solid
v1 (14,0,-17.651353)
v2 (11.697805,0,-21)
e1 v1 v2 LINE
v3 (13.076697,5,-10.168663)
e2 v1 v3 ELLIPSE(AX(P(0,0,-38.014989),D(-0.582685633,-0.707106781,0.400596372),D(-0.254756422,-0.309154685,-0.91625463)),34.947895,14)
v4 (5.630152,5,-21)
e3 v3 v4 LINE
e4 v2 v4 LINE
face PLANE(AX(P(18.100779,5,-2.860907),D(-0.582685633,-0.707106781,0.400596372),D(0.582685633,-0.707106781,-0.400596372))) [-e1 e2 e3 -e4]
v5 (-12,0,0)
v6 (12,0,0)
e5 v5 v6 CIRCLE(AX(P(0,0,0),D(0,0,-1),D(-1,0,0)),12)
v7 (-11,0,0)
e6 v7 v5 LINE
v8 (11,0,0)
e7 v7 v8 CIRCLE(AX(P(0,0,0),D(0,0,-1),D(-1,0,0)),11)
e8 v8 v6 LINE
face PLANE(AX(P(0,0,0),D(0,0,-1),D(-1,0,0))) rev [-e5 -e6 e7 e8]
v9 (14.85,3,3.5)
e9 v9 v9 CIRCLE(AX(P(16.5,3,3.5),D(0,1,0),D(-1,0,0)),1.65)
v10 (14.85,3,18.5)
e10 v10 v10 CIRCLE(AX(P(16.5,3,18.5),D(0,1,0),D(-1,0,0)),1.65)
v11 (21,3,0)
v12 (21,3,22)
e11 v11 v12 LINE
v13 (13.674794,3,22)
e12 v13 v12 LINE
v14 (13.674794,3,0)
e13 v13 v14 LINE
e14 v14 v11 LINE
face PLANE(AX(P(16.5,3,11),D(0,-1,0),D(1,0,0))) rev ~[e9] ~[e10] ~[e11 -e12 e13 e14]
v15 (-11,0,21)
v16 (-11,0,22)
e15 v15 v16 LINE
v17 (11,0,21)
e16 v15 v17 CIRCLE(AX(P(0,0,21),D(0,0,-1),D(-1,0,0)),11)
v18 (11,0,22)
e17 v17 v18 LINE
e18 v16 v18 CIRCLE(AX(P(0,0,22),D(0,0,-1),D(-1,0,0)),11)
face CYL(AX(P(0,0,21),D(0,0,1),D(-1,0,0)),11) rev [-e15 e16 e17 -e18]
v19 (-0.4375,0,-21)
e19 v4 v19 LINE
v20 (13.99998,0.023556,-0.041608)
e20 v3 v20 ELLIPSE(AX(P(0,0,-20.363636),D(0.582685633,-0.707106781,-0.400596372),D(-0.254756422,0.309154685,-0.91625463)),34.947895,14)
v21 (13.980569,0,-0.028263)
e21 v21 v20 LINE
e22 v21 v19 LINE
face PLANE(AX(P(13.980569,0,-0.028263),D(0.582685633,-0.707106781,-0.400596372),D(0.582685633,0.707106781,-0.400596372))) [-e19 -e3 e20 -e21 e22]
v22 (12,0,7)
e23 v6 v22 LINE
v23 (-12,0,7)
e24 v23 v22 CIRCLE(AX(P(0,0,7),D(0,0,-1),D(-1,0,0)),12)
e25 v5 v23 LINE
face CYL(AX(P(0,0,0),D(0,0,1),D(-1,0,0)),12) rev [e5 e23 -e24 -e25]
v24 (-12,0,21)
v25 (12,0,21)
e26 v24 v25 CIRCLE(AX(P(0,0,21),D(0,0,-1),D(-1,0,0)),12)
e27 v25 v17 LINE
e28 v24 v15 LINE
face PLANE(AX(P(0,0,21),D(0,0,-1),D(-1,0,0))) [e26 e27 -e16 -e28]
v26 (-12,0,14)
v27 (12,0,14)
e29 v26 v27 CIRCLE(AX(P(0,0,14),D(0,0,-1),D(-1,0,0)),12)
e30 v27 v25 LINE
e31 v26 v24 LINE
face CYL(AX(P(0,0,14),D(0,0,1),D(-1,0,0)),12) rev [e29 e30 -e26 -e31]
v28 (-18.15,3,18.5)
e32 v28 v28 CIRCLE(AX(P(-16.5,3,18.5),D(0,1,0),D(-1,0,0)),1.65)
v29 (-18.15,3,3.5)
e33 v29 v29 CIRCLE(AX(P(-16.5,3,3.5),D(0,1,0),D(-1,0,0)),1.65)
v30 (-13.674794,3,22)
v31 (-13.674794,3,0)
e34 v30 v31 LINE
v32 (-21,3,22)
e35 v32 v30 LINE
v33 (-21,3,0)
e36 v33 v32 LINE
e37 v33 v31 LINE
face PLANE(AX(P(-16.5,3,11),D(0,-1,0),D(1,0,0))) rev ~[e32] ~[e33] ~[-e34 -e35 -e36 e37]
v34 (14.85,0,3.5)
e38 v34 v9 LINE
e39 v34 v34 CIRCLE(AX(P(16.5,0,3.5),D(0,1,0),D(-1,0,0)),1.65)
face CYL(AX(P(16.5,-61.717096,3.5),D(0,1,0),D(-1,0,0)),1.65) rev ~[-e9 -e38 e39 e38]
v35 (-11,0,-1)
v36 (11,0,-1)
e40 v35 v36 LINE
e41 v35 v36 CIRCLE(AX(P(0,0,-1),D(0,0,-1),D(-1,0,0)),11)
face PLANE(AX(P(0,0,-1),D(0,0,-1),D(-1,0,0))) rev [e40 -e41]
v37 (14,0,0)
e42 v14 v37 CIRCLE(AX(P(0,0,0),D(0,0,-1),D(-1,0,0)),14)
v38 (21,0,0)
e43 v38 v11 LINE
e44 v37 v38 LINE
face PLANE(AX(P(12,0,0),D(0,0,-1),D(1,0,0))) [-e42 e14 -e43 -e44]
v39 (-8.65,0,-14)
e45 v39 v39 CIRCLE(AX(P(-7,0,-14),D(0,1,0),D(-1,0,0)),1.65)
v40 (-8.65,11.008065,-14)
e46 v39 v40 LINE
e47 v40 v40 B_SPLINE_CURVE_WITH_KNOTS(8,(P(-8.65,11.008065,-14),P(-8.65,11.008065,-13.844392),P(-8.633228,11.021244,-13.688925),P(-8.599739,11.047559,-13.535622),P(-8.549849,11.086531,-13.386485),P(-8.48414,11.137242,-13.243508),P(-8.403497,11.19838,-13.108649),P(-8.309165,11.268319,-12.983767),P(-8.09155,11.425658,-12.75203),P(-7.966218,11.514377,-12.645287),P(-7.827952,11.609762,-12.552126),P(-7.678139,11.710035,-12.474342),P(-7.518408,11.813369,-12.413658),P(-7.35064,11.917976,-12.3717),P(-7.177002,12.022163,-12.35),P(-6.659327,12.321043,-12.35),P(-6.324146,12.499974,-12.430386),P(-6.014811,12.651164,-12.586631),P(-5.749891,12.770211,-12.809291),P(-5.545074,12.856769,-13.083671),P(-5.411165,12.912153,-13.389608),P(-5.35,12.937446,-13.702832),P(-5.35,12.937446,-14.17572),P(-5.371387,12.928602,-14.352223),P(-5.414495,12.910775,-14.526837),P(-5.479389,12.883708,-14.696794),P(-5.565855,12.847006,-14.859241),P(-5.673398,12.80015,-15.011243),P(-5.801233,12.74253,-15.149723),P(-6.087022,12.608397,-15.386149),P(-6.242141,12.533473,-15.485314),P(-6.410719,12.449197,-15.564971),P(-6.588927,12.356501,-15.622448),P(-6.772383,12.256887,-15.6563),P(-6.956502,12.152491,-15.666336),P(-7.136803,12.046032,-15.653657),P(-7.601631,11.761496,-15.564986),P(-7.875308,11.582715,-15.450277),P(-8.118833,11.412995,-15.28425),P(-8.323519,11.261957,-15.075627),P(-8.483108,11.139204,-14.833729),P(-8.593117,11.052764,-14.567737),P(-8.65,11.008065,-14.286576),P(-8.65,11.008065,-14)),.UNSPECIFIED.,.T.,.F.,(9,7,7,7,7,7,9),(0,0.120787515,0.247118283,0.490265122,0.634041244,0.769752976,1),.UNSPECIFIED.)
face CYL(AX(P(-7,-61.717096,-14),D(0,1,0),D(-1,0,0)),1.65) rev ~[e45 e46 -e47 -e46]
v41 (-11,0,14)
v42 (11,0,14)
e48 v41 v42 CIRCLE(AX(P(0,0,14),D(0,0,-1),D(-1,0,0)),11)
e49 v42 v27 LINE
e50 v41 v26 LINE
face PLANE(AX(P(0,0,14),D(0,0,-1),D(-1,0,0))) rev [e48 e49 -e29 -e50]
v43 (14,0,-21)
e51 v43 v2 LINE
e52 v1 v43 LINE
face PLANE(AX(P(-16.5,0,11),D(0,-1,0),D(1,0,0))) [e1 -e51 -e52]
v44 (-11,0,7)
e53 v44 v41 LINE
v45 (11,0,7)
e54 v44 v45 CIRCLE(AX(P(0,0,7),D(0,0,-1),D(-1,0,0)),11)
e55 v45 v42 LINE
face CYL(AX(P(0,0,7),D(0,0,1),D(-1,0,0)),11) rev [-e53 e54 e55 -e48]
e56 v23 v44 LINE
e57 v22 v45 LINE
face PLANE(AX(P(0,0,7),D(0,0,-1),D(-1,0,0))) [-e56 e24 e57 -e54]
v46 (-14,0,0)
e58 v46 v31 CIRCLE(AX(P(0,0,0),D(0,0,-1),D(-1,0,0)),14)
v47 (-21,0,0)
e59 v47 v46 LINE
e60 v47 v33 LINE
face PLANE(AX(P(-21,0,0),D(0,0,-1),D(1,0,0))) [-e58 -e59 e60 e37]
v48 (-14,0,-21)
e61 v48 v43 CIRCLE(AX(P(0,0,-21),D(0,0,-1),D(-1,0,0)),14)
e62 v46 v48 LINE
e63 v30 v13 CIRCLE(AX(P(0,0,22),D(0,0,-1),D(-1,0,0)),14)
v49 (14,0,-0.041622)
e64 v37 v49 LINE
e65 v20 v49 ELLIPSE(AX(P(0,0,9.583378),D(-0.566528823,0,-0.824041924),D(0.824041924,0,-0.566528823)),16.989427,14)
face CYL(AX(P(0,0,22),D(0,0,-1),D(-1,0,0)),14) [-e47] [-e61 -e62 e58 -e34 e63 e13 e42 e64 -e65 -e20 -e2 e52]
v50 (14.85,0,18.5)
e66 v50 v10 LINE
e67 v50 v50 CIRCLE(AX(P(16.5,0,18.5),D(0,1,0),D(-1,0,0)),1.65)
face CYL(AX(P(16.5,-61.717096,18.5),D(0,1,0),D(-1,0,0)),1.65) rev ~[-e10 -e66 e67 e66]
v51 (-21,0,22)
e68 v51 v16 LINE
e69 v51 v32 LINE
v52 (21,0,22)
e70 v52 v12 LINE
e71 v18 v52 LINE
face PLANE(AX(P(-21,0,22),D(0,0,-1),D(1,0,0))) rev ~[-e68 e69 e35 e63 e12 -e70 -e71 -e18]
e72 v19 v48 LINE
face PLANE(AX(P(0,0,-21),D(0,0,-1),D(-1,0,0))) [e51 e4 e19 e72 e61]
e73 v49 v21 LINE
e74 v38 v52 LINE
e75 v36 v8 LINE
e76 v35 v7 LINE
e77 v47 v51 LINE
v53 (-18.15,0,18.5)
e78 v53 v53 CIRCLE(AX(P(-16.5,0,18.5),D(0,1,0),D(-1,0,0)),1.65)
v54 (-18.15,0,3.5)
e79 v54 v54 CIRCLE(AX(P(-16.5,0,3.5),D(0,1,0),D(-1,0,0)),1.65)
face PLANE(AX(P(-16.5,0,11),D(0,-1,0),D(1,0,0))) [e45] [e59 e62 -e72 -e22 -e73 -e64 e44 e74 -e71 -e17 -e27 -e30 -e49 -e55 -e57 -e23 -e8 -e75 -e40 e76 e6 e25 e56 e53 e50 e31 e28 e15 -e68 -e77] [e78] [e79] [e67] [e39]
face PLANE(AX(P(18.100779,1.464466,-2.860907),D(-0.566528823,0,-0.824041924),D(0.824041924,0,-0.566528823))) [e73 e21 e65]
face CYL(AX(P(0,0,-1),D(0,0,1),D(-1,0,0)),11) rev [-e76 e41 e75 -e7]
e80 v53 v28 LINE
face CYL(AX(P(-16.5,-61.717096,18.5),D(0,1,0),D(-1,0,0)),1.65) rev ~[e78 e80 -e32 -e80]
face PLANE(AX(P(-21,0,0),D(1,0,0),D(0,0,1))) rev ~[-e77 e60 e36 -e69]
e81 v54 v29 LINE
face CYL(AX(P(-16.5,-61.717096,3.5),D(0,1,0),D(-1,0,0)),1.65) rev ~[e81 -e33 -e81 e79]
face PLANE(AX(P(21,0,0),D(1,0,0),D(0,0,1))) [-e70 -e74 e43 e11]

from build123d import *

# Parameters (mm, degrees)
F1_ANGLE = 180
F2_W     = 9
F2_H     = 22
F3_DEPTH = 3
F4_D     = 3.3
F8_DEPTH = 30


with BuildPart() as f1:
    # F0 (on Front) → F1 (revolve)
    with BuildSketch(Plane.XZ):
        Polygon((-12, 21), (-11, 21), (-11, 22), (-14, 22), (-14, -21), (0, -21), (0, -1), (-11, -1), (-11, 0), (-12, 0), (-12, 7), (-11, 7), (-11, 14), (-12, 14), align=None)
    revolve(axis=Axis((0, 0, -11), (0, 0, -1)), revolution_arc=F1_ANGLE)

    # F2 (on face) → F3 (join)
    with BuildSketch(Plane.XZ):
        with Locations((-16.5, 11)):
            Rectangle(F2_W, F2_H)
        with Locations((16.5, 11)):
            Rectangle(F2_W, F2_H)
    extrude(amount=-F3_DEPTH)

    # F4 (through all)
    with Locations(Plane.XZ):
        with Locations((-16.5, 18.5), (-16.5, 3.5), (-7, -14), (16.5, 18.5), (16.5, 3.5)):
            Hole(F4_D / 2)

    # F7 (on offset) → F8 (cut)
    with BuildSketch(Plane(origin=(4.4739377588, 0, 6.5075458311), x_dir=(0.8240419242, 0, -0.5665288229), z_dir=(-0.5665288229, 0, -0.8240419242))):
        Polygon((16.5365869388, -5), (21.5365869388, 0), (11.5365869388, 0), align=None)
    extrude(amount=F8_DEPTH, mode=Mode.SUBTRACT)


solid = f1.part
